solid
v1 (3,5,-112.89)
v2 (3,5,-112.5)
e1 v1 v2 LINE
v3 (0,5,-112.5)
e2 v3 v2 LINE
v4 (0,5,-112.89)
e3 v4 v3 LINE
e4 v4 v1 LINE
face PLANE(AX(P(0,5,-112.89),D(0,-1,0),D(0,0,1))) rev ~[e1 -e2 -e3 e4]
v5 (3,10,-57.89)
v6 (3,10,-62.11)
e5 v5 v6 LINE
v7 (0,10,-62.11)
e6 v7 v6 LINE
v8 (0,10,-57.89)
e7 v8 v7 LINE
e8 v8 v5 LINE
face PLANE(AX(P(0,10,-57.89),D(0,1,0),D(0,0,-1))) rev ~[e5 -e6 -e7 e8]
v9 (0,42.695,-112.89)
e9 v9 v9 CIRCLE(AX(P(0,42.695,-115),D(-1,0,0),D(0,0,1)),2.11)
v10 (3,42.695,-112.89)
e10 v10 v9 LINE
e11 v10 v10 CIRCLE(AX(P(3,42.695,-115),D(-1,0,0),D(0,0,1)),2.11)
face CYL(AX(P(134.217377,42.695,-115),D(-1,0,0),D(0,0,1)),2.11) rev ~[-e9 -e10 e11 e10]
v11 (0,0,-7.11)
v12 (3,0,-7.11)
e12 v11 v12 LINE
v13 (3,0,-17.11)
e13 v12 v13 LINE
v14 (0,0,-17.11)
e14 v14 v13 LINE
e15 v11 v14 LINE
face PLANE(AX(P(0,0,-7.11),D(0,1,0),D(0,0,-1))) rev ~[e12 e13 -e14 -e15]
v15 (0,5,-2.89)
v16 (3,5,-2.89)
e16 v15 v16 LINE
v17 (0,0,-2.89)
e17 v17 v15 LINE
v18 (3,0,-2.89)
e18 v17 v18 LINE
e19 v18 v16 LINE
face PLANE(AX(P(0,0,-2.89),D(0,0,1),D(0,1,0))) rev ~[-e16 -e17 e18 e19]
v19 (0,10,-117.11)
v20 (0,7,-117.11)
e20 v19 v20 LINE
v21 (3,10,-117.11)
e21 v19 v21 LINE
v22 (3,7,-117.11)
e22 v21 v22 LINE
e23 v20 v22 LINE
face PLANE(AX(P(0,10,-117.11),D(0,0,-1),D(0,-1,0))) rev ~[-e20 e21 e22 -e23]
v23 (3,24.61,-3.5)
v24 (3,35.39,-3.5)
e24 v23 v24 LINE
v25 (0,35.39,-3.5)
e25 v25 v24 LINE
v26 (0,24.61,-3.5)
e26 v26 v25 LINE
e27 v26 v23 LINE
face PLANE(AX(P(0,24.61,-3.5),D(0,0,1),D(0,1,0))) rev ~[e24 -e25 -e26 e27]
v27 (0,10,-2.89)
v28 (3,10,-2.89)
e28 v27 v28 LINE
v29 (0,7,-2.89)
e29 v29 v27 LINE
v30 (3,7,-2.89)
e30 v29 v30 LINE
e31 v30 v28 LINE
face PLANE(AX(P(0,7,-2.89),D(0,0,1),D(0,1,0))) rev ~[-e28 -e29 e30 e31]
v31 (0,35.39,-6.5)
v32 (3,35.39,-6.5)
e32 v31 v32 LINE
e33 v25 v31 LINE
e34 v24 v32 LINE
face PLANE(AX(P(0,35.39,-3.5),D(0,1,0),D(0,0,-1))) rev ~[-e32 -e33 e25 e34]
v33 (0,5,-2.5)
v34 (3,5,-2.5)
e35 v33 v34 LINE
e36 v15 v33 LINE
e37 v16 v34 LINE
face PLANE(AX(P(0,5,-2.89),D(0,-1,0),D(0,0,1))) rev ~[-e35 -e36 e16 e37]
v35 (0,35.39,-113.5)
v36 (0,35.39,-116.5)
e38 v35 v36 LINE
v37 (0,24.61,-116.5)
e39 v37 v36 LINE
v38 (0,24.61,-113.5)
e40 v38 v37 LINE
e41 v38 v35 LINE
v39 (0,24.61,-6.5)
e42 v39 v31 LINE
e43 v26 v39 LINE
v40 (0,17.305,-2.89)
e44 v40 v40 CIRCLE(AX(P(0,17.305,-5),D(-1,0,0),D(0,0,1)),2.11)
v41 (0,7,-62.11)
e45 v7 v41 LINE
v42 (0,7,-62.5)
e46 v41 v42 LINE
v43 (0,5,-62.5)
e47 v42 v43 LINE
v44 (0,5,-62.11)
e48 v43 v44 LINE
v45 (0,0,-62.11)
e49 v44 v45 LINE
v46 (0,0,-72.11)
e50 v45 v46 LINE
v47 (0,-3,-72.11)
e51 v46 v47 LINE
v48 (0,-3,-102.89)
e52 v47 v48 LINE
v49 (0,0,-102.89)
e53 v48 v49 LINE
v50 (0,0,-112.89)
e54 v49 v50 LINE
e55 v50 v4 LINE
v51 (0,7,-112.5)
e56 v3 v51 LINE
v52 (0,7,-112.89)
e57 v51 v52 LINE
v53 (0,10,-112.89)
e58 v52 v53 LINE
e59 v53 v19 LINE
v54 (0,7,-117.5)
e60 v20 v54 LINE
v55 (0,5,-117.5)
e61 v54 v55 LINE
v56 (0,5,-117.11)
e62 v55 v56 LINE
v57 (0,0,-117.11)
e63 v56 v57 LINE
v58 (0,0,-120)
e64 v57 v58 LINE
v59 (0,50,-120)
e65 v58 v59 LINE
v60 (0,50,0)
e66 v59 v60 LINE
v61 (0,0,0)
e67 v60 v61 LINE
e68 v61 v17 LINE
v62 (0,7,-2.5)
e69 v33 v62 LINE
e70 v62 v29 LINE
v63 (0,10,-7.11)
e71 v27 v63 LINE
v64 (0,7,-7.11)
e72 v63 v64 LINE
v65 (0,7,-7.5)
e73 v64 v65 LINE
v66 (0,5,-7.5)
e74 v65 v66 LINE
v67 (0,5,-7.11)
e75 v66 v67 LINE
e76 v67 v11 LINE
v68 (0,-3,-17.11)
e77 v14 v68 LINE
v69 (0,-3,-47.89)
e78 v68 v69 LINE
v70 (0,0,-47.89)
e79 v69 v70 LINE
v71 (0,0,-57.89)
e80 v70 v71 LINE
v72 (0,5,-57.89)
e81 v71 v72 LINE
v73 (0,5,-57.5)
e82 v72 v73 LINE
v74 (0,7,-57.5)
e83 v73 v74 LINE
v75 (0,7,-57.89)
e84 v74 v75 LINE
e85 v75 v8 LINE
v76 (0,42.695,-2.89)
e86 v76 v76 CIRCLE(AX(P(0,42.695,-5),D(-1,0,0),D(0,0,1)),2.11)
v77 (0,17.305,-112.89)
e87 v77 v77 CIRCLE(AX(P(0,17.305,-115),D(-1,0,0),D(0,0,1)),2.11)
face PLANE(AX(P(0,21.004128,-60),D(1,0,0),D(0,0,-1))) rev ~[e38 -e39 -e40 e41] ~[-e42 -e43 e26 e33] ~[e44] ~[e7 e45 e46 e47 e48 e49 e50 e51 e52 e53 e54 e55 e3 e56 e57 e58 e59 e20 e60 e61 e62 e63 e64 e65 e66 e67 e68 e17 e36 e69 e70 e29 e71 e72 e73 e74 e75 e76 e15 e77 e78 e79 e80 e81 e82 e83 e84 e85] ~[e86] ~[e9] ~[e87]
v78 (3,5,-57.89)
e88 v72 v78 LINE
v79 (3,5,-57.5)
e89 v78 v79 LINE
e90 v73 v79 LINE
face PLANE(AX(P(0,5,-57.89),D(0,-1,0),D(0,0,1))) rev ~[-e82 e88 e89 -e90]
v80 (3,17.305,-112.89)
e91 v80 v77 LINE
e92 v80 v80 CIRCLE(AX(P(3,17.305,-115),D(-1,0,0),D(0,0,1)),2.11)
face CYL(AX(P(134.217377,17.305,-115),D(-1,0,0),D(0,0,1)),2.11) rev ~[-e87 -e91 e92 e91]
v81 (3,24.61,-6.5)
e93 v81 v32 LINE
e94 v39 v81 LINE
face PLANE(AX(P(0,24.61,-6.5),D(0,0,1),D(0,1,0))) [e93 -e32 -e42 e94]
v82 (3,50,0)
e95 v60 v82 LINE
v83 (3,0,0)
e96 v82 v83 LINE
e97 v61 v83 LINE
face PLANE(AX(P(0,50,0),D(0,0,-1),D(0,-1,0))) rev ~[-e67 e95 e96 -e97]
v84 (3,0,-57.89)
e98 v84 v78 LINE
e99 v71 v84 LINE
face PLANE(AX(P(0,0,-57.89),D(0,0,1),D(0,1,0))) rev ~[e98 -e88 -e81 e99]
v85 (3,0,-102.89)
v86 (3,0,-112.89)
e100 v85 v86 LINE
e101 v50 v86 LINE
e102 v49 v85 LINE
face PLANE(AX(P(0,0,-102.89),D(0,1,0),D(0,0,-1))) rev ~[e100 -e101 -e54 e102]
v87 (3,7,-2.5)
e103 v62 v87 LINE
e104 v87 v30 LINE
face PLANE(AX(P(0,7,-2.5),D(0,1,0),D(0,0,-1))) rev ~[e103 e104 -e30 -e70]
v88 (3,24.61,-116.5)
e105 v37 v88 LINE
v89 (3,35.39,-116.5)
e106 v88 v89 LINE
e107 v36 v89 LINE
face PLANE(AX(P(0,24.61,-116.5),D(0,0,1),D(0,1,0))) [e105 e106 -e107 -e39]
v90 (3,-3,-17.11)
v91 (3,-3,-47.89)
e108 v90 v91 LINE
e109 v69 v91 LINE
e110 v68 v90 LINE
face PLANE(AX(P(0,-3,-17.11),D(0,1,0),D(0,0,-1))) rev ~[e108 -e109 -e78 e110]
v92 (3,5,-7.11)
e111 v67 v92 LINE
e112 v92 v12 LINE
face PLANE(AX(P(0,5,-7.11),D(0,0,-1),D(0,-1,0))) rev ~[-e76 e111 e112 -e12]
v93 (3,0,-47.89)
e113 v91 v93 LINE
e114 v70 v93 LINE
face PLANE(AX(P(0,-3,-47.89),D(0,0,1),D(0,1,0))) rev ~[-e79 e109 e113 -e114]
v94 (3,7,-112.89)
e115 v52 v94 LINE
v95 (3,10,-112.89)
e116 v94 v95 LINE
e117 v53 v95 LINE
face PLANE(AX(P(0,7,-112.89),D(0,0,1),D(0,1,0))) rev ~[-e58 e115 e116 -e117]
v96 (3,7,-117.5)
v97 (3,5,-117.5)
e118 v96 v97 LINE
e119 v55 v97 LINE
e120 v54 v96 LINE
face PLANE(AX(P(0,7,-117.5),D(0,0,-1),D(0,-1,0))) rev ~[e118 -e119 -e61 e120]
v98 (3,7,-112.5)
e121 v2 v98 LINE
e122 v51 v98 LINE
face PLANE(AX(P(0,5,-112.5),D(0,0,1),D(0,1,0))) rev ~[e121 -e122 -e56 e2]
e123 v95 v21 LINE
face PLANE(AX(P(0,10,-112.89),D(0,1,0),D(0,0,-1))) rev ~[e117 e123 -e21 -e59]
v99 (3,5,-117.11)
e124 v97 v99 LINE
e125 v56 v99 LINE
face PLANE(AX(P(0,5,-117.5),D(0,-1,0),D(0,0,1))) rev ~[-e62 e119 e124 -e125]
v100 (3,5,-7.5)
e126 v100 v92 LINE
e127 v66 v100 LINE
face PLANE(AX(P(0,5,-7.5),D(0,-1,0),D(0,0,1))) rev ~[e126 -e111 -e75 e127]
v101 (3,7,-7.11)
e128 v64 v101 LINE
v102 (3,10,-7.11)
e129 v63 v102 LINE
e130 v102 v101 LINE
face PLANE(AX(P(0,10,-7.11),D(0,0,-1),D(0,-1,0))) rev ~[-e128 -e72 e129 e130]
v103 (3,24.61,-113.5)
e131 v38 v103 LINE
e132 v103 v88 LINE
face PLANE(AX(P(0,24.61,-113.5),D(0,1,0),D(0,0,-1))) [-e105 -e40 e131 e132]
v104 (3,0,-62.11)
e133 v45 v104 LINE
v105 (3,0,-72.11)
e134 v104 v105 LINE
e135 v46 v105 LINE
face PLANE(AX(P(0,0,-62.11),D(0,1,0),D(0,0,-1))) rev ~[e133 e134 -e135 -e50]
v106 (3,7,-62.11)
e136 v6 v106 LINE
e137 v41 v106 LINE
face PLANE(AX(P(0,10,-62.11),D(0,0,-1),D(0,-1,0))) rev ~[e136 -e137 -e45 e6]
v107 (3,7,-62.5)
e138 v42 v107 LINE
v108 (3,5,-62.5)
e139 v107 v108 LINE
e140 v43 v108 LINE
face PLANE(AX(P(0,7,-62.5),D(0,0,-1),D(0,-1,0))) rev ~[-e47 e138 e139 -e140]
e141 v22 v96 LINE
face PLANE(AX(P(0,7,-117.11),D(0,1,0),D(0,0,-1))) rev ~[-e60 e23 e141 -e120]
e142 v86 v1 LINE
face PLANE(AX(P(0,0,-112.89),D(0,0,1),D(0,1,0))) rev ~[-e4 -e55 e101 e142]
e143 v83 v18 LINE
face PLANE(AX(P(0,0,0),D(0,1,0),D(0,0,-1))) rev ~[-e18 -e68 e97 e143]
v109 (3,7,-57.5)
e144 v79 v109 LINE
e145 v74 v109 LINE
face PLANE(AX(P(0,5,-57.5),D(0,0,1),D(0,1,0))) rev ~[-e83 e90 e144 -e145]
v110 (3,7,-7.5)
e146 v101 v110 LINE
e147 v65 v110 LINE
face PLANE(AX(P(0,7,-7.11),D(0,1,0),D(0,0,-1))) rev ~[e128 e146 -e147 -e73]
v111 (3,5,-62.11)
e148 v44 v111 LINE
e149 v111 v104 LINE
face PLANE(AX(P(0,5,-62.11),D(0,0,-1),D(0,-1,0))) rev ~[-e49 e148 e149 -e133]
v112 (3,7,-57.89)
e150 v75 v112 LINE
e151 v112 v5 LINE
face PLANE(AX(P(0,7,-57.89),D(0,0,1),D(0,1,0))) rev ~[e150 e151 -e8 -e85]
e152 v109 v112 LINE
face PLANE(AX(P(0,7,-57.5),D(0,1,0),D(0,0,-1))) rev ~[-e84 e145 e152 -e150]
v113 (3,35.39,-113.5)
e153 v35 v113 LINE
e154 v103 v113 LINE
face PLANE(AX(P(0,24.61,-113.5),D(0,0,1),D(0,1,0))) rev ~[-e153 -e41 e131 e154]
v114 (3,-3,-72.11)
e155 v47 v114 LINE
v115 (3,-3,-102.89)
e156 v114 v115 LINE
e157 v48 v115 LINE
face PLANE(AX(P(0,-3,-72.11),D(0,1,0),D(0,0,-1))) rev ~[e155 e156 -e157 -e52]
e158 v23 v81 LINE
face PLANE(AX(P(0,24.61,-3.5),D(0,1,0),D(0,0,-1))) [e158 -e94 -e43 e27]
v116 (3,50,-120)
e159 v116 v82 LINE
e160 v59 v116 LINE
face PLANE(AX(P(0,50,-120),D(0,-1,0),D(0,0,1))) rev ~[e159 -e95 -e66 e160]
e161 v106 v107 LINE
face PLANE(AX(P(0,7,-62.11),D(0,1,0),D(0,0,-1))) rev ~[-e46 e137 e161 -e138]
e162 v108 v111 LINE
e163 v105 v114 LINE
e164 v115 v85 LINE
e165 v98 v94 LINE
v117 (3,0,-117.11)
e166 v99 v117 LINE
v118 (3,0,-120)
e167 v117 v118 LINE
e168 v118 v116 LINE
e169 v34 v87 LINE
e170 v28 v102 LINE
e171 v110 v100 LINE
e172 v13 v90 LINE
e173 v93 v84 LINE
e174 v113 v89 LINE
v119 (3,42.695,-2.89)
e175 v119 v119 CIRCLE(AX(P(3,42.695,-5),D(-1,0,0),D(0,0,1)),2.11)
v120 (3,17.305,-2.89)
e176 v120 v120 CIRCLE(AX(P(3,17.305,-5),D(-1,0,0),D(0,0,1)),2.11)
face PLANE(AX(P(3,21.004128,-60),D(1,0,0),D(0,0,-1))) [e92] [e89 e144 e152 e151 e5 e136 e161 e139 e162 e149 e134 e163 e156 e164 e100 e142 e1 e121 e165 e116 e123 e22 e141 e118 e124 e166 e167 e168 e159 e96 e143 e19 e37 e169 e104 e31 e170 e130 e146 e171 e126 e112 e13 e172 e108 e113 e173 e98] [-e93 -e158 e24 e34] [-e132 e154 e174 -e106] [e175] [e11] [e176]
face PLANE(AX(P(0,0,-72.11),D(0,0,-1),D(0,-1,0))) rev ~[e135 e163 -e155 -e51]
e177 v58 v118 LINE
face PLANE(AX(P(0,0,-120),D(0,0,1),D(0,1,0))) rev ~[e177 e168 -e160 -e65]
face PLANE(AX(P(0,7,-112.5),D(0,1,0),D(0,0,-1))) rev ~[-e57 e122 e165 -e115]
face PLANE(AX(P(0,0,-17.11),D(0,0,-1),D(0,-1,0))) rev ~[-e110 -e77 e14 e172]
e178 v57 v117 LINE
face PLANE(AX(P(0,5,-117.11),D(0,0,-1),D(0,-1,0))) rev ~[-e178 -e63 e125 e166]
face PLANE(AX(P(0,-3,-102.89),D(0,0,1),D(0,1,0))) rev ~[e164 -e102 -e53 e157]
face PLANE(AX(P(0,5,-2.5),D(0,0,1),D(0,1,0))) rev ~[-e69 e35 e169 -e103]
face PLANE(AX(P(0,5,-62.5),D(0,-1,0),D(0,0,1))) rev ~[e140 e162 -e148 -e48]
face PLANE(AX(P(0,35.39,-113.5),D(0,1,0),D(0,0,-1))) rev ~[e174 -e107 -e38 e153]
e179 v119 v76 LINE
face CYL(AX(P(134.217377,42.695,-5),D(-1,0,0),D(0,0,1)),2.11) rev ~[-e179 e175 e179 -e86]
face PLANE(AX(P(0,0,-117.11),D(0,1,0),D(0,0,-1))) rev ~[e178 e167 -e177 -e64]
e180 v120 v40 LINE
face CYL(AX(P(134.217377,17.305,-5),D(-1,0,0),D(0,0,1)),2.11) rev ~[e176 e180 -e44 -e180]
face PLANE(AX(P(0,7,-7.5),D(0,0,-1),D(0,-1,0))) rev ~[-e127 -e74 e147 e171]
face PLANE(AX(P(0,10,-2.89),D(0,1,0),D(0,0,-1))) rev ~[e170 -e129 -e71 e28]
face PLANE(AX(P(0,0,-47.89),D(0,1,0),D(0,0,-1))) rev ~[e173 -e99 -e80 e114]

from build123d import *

# Parameters (mm, degrees)
SKETCH2_W                      = 3
SKETCH2_H                      = 10.78
BOSS_EXTRUDE2_DEPTH            = 3
HOLE_FOR_M3_300_SC_NUTS_SP_1_D = 4.22


with BuildPart() as part:
    # Sketch2 → Boss-Extrude2 (new body)
    with BuildSketch(Plane(origin=(0, 0, 0), x_dir=(0, 0, -1), z_dir=(1, 0, 0))):
        Polygon((0, 0), (2.89, 0), (2.89, 5), (2.5, 5), (2.5, 7), (2.89, 7), (2.89, 10), (7.11, 10), (7.11, 7), (7.5, 7), (7.5, 5), (7.11, 5), (7.11, 0), (17.11, 0), (17.11, -3), (47.89, -3), (47.89, 0), (57.89, 0), (57.89, 5), (57.5, 5), (57.5, 7), (57.89, 7), (57.89, 10), (62.11, 10), (62.11, 7), (62.5, 7), (62.5, 5), (62.11, 5), (62.11, 0), (72.11, 0), (72.11, -3), (102.89, -3), (102.89, 0), (112.89, 0), (112.89, 5), (112.5, 5), (112.5, 7), (112.89, 7), (112.89, 10), (117.11, 10), (117.11, 7), (117.5, 7), (117.5, 5), (117.11, 5), (117.11, 0), (120, 0), (120, 50), (0, 50), align=None)
        with Locations((115, 30)):
            Rectangle(SKETCH2_W, SKETCH2_H, mode=Mode.SUBTRACT)
        with Locations((5, 30)):
            Rectangle(SKETCH2_W, SKETCH2_H, mode=Mode.SUBTRACT)
    extrude(amount=BOSS_EXTRUDE2_DEPTH)

    # Hole for M3 300® SC Nuts (SP)1 (through all)
    with Locations(Plane(origin=(3, 0, 0), x_dir=(0, 0, -1), z_dir=(1, 0, 0))):
        with Locations((5, 42.695), (5, 17.305), (115, 42.695), (115, 17.305)):
            Hole(HOLE_FOR_M3_300_SC_NUTS_SP_1_D / 2)


solid = part.part
